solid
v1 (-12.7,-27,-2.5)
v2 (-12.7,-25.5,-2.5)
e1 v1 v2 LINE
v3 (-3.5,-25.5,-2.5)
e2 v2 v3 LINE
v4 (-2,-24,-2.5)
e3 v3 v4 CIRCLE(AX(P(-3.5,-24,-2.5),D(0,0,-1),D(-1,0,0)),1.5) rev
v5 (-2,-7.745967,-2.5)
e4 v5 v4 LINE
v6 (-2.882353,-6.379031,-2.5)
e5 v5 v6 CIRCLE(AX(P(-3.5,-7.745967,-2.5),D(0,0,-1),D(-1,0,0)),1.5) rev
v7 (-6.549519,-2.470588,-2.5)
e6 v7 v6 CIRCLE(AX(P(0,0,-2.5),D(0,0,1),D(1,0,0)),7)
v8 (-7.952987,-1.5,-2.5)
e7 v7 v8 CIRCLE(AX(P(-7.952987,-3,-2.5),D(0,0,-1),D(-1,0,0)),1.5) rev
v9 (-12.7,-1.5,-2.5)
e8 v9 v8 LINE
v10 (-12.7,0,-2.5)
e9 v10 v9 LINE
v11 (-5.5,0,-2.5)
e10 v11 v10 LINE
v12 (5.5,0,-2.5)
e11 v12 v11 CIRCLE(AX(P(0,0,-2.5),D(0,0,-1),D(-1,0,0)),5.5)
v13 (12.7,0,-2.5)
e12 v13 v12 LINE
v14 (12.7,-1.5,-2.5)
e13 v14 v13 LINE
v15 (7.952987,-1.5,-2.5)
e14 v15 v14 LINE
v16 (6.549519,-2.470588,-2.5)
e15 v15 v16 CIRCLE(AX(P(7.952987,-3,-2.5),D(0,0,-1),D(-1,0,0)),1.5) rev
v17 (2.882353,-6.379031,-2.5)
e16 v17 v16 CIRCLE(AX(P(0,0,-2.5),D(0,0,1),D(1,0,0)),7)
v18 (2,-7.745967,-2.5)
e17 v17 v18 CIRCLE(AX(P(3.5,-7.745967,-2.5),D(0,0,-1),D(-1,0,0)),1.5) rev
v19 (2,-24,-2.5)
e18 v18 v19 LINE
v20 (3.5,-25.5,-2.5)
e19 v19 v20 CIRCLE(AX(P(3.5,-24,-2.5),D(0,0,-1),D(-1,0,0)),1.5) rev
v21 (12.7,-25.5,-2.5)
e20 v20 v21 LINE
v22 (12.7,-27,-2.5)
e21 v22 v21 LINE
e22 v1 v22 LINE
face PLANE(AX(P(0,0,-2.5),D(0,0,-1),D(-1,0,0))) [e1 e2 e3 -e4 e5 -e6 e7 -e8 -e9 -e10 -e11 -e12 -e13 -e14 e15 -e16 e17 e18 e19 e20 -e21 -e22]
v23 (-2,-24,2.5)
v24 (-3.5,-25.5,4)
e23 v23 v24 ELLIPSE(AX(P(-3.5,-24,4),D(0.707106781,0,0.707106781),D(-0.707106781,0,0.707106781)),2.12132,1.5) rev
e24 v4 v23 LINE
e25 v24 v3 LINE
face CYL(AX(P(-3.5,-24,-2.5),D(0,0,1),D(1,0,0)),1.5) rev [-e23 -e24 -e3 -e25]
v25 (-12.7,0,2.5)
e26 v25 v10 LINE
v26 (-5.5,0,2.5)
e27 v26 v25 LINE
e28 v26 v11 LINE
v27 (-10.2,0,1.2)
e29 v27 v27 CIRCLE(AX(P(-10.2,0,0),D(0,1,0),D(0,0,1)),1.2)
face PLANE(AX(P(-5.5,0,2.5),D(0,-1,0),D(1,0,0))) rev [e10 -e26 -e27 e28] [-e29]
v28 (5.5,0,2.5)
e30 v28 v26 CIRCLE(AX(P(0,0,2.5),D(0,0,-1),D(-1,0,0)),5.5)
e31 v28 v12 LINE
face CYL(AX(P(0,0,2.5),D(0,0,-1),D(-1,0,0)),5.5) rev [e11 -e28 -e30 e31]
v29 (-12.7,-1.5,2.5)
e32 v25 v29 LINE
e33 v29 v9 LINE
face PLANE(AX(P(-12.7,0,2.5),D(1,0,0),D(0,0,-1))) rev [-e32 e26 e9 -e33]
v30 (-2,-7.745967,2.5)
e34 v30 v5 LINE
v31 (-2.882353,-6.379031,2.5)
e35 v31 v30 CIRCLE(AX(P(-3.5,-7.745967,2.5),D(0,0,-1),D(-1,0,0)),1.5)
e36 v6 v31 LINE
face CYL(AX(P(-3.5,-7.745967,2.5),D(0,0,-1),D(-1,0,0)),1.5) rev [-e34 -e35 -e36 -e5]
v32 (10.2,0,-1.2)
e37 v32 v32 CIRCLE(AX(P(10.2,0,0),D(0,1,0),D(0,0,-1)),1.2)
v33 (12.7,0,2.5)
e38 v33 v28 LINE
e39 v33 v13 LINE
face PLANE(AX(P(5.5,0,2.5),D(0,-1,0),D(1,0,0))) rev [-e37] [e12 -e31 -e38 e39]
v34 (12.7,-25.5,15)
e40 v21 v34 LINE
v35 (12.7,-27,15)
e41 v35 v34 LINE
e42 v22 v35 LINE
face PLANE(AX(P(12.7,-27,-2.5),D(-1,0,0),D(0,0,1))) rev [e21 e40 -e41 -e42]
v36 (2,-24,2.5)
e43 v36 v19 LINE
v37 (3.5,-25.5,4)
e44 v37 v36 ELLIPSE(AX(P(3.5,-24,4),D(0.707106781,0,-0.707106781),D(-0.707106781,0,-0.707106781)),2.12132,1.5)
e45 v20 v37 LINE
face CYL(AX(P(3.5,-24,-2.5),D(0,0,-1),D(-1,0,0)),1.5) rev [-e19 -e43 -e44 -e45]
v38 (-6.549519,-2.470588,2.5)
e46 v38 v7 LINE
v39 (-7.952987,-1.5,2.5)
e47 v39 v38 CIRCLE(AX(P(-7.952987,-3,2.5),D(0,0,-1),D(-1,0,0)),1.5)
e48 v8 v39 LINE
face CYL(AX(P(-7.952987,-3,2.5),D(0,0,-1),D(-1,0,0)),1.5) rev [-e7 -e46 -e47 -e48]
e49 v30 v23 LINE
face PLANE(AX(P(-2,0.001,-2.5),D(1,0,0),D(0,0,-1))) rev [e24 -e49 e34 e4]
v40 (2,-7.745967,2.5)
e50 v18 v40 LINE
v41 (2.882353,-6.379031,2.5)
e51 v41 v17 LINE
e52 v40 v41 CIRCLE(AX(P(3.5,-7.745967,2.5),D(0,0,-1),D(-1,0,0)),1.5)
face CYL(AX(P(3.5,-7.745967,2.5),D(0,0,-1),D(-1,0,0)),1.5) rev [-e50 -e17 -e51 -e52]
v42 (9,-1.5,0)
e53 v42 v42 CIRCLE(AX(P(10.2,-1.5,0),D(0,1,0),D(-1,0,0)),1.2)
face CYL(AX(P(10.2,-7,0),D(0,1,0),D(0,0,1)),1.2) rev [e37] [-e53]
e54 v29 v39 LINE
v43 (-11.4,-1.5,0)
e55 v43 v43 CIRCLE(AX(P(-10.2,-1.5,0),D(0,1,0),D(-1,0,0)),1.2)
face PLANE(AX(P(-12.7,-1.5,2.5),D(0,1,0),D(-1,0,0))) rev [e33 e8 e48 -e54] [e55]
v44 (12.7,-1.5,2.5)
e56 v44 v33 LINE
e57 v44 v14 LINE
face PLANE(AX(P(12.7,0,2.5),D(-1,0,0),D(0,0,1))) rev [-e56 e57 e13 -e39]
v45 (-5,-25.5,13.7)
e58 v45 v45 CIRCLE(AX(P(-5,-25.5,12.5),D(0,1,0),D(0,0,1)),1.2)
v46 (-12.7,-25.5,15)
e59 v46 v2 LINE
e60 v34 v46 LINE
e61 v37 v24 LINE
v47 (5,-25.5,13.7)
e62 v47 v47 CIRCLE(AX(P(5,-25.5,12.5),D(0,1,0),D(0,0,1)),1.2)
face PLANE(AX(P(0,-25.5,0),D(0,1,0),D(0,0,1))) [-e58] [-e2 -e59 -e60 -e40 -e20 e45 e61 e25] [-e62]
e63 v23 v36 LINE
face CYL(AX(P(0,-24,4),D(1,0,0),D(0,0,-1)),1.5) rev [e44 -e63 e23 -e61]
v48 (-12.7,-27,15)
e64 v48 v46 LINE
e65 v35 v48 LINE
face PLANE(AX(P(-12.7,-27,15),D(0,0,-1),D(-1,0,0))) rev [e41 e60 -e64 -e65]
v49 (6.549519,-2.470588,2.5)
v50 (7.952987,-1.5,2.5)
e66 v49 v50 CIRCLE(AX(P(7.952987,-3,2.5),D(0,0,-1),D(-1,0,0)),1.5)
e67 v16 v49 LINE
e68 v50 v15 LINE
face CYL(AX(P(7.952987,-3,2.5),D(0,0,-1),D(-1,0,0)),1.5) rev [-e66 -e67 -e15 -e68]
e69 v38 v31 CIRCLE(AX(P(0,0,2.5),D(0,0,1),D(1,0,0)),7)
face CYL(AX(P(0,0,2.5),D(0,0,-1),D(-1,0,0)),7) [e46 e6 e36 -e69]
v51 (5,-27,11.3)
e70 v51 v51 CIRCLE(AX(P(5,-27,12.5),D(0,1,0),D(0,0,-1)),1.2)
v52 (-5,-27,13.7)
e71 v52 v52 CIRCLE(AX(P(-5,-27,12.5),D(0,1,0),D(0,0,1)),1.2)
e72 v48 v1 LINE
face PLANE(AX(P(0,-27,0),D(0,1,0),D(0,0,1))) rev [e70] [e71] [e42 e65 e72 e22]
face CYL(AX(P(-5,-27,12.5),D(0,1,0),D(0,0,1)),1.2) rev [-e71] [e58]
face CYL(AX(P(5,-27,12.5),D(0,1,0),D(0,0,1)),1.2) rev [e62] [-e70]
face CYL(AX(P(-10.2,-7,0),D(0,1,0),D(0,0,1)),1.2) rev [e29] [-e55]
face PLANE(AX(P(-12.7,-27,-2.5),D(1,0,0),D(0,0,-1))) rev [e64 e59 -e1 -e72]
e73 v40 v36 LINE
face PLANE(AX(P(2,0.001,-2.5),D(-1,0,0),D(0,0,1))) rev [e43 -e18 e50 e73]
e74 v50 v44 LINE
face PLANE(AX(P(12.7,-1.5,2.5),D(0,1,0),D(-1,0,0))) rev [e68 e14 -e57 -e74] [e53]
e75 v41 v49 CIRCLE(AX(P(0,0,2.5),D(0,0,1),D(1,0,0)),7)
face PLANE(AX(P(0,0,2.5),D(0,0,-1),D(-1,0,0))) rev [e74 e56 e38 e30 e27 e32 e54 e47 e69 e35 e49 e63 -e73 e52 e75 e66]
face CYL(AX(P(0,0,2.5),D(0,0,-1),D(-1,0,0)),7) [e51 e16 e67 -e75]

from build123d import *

# Parameters (mm, degrees)
BOSS_EXTRUDE1_DEPTH = 2.5
SKETCH2_R           = 1.2
CUT_EXTRUDE1_DEPTH  = 8
BOSS_EXTRUDE2_START = -25.5
SKETCH6_W           = 4
SKETCH6_H           = 5
BOSS_EXTRUDE2_DEPTH = 18.791796
SKETCH7_W           = 25.4
SKETCH7_H           = 17.5
BOSS_EXTRUDE4_DEPTH = 1.5
FILLET1_R           = 1.5
SKETCH8_R           = 1.2
CUT_EXTRUDE3_DEPTH  = 28


with BuildPart() as part:
    # Sketch1 → Boss-Extrude1 (new body, symmetric)
    with BuildSketch(Plane.XY):
        with BuildLine():
            Line((5.5, 0), (12.7, 0))
            Line((12.7, 0), (12.7, -1.5))
            Line((12.7, -1.5), (6.837397166, -1.5))
            ThreePointArc((6.837397166, -1.5), (0, -7), (-6.837397166, -1.5))
            Line((-6.837397166, -1.5), (-12.7, -1.5))
            Line((-12.7, -1.5), (-12.7, 0))
            Line((-12.7, 0), (-5.5, 0))
            ThreePointArc((-5.5, 0), (0, -5.5), (5.5, 0))
        make_face()
    extrude(amount=BOSS_EXTRUDE1_DEPTH, both=True)

    # Sketch2 → Cut-Extrude1 (cut, through all)
    with BuildSketch(Plane(origin=(0, 0, 0), x_dir=(1, 0, 0), z_dir=(0, 1, 0))):
        with Locations((-10.2, 0)):
            Circle(SKETCH2_R)
        with Locations((10.2, 0)):
            Circle(SKETCH2_R)
    extrude(amount=-CUT_EXTRUDE1_DEPTH, mode=Mode.SUBTRACT)

    # Sketch6 → Boss-Extrude2 (add)
    with BuildSketch(Plane(origin=(0, 0, 0), x_dir=(1, 0, 0), z_dir=(0, 1, 0)).offset(BOSS_EXTRUDE2_START)):
        Rectangle(SKETCH6_W, SKETCH6_H)
    extrude(amount=BOSS_EXTRUDE2_DEPTH)

    # Sketch7 → Boss-Extrude4 (add)
    with BuildSketch(Plane.XZ.offset(25.5)):
        with Locations((0, 6.25)):
            Rectangle(SKETCH7_W, SKETCH7_H)
    extrude(amount=BOSS_EXTRUDE4_DEPTH)

    # Fillet1
    fillet1_edges = [part.edges().sort_by_distance(p)[0] for p in [
        (6.837397166, -1.5, 0),
        (-6.837397166, -1.5, 0),
        (-2, -25.5, 0),
        (0, -25.5, 2.5),
        (2, -25.5, 0),
        (-2, -6.708204, 0),
        (2, -6.708204, 0),
    ]]
    fillet(fillet1_edges, radius=FILLET1_R)

    # Sketch8 → Cut-Extrude3 (cut, through all)
    with BuildSketch(Plane(origin=(0, 0, 0), x_dir=(1, 0, 0), z_dir=(0, 1, 0))):
        with Locations((-5, -12.5)):
            Circle(SKETCH8_R)
        with Locations((5, -12.5)):
            Circle(SKETCH8_R)
    extrude(amount=-CUT_EXTRUDE3_DEPTH, mode=Mode.SUBTRACT)


solid = part.part
